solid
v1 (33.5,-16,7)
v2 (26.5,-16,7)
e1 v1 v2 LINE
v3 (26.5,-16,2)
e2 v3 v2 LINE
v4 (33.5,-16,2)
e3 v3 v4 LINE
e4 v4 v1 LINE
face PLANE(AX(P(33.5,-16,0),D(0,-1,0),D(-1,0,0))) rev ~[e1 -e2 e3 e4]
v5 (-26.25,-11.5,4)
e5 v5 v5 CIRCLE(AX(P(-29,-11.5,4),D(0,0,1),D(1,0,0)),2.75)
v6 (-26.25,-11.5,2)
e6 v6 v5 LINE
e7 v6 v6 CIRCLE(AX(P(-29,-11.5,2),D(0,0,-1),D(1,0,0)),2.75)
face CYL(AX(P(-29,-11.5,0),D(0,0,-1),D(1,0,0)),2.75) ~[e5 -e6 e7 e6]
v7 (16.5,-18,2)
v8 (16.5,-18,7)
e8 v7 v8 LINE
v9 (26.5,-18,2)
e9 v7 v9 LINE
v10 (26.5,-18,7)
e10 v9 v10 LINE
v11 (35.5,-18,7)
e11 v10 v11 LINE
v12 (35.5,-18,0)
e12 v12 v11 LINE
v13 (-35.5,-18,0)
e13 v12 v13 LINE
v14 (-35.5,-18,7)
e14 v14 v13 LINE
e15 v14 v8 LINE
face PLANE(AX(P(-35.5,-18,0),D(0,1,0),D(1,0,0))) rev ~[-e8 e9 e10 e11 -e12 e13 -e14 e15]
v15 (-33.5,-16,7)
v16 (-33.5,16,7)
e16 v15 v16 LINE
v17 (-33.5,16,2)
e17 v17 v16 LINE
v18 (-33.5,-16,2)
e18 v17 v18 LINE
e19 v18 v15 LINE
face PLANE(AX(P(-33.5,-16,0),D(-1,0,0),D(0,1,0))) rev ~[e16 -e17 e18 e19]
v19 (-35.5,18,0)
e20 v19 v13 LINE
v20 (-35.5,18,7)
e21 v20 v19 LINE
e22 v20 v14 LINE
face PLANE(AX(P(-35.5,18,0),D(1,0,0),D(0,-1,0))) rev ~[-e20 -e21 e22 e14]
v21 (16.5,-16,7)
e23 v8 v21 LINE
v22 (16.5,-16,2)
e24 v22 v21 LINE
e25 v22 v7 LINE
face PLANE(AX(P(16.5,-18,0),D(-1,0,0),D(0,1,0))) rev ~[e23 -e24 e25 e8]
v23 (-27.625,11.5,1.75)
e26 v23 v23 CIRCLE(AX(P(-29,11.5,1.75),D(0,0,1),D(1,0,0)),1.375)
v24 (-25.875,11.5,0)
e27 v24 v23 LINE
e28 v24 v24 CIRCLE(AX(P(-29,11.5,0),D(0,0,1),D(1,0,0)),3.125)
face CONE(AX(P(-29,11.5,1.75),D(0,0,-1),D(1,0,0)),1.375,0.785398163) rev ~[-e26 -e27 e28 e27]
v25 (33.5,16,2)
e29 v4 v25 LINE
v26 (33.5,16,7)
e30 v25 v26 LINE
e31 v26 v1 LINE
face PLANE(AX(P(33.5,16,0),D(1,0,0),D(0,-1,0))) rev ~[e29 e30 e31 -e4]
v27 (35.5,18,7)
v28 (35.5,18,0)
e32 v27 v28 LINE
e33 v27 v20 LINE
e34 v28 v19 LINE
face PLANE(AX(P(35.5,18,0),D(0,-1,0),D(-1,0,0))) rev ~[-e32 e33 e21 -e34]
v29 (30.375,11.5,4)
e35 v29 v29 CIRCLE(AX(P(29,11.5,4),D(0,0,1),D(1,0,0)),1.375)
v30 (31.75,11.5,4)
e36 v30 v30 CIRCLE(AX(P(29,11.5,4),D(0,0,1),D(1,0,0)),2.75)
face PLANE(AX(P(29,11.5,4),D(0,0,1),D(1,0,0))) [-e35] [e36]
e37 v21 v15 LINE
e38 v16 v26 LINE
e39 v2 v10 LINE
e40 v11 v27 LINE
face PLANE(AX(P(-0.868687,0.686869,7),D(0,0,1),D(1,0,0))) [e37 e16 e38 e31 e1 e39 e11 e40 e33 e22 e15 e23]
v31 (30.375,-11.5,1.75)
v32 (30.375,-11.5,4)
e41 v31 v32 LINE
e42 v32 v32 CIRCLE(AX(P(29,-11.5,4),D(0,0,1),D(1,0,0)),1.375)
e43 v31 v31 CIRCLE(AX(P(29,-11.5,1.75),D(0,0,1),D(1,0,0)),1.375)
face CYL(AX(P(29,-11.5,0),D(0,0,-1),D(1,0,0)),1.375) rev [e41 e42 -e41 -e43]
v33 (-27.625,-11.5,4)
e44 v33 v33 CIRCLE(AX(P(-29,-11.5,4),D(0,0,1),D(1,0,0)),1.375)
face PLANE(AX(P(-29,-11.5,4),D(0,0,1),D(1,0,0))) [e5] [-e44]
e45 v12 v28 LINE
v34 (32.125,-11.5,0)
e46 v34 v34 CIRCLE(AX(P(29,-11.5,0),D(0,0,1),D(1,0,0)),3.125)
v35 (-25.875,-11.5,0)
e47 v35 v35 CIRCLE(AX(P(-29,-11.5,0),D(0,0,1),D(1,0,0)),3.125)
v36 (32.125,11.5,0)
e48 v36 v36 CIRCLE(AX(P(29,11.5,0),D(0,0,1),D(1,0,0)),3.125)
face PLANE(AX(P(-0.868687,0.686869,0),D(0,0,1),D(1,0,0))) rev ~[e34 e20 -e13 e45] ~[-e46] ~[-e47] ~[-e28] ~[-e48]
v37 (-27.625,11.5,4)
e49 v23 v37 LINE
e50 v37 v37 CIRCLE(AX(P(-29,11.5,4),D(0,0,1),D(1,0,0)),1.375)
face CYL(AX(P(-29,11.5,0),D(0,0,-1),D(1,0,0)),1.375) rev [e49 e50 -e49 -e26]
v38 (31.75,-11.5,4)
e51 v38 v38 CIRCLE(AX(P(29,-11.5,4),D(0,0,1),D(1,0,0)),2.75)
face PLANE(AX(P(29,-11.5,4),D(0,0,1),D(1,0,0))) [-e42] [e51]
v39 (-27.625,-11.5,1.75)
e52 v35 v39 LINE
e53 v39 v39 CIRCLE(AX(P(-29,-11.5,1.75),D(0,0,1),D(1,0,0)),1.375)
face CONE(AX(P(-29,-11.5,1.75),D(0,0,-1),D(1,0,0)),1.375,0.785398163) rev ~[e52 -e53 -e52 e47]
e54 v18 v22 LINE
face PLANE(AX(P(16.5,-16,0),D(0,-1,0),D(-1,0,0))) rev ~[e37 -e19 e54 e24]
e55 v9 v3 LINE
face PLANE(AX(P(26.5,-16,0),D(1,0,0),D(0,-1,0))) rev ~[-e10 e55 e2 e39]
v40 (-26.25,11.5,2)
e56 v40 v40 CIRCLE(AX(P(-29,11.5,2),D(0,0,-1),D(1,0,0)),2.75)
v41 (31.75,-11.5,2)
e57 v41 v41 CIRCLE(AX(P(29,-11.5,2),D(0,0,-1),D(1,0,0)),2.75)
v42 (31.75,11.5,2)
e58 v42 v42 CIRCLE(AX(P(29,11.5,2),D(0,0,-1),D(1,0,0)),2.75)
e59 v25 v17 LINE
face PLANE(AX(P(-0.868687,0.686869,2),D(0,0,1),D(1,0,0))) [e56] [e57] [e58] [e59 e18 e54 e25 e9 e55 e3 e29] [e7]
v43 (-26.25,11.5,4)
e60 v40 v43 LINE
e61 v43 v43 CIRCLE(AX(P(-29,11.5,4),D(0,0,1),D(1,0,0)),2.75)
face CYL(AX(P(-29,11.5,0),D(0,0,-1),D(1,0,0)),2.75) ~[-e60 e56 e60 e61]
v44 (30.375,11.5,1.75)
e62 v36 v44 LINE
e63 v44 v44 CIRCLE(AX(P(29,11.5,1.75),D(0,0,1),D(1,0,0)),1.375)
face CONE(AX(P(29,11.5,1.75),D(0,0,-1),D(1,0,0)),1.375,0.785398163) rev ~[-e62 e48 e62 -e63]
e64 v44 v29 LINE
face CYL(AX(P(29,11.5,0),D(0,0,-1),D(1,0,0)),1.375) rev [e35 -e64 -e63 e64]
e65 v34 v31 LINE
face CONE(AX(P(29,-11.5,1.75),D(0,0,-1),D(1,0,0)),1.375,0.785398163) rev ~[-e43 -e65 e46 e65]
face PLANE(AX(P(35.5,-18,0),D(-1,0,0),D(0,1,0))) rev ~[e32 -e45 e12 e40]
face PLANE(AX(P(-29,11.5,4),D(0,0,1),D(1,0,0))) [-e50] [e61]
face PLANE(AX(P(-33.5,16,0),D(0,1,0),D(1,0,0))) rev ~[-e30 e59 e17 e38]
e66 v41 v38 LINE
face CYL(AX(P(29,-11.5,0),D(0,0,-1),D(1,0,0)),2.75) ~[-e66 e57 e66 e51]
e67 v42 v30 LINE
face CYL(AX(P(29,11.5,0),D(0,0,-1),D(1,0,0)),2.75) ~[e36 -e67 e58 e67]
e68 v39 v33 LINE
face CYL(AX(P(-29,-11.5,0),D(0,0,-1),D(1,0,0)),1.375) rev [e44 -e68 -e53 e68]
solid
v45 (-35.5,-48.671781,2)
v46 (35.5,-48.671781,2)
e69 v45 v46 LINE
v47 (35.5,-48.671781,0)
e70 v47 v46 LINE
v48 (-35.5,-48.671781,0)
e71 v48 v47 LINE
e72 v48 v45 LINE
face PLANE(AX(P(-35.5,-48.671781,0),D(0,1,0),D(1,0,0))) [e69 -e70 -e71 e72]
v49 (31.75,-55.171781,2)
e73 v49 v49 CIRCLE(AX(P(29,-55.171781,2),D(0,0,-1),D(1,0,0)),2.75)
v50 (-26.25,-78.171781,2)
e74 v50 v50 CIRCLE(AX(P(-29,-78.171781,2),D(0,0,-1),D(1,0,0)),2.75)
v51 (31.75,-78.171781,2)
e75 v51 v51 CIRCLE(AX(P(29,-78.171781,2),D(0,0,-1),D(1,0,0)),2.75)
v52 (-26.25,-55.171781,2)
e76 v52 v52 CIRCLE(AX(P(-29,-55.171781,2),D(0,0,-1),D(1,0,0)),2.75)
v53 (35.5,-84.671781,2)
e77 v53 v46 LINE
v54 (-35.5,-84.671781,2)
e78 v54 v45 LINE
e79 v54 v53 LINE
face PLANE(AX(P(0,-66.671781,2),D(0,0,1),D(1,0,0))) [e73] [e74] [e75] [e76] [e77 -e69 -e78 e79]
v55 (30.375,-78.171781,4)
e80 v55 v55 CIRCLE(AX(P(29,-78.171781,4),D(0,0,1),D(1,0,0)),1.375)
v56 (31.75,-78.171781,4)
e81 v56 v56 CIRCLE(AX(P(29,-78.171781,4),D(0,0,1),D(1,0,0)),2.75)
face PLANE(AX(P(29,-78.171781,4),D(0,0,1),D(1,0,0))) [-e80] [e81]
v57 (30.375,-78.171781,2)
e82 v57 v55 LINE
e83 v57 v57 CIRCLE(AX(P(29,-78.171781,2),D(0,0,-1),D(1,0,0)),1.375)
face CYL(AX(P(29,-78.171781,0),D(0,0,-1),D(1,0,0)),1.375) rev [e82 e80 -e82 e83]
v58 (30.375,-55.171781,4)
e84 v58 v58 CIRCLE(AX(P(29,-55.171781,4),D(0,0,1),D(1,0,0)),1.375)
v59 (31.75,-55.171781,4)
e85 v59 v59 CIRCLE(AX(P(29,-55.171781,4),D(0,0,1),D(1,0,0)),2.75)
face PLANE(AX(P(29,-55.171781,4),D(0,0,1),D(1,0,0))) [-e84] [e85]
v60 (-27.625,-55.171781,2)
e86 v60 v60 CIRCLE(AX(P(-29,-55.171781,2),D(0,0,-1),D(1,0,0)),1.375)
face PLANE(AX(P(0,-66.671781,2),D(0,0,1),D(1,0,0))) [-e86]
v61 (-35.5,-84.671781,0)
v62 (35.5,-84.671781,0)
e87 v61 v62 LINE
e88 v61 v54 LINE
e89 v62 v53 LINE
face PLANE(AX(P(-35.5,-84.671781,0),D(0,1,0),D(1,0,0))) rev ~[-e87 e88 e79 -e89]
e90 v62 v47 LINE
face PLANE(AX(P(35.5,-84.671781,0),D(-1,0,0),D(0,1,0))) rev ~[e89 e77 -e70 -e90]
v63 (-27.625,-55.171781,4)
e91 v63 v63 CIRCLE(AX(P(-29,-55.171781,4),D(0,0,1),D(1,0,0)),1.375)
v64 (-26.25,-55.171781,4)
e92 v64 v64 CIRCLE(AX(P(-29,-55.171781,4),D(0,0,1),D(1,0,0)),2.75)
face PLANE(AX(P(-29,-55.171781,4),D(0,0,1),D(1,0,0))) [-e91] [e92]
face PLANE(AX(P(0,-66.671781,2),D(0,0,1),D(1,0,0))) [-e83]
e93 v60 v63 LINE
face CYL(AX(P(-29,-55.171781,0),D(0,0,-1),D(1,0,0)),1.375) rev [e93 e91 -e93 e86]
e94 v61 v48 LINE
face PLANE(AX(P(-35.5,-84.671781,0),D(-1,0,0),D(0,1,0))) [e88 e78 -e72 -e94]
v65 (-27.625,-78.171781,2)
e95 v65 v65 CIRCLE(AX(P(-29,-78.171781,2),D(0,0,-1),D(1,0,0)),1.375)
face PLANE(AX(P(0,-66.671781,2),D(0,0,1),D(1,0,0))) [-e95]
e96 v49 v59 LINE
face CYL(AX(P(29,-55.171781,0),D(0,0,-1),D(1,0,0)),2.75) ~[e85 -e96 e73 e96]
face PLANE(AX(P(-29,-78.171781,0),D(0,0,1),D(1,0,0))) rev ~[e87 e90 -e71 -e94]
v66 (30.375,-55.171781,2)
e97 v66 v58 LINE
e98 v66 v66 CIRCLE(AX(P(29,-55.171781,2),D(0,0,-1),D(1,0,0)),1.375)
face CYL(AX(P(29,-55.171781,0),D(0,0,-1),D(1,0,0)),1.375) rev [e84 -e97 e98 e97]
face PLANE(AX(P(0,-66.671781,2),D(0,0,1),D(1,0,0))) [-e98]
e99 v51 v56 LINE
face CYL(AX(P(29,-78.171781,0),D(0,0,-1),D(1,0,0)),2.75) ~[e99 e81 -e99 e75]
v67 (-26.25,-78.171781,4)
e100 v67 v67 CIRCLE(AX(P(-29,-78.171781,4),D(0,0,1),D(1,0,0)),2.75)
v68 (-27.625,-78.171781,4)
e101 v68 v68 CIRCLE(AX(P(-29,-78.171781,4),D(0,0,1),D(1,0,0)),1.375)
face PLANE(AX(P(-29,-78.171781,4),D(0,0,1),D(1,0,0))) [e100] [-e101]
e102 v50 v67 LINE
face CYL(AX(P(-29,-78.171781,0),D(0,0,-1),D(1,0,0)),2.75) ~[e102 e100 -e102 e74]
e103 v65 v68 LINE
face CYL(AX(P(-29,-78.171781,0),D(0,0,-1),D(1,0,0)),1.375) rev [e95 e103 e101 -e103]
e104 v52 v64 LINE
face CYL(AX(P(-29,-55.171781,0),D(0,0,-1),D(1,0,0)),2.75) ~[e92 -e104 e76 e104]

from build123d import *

# Parameters (mm, degrees)
F0_R     = 2.75
F0_R_2   = 1.375
F0_W     = 10
F0_H     = 2
F1_DEPTH = 2
F2_DEPTH = 4
F3_DEPTH = 7
F4_SIZE  = 1.75
F5_W     = 71
F5_H     = 36
F5_R     = 2.75
F5_R_2   = 1.375
F6_DEPTH = 2
F7_DEPTH = 4


with BuildPart() as f1:
    # F0 (on Top) → F1 (new body)
    with BuildSketch(Plane.XY):
        Polygon((33.5, -16), (26.5, -16), (26.5, -18), (35.5, -18), (35.5, 18), (-35.5, 18), (-35.5, -18), (16.5, -18), (16.5, -16), (-33.5, -16), (-33.5, 16), (33.5, 16), align=None)
        Polygon((-32.5, 15), (32.5, 15), (32.5, -15), (26.5, -15), (26.5, -16), (33.5, -16), (33.5, 16), (-33.5, 16), (-33.5, -16), (16.5, -16), (16.5, -15), (-32.5, -15), align=None)
        Polygon((32.5, -15), (32.5, 15), (-32.5, 15), (-32.5, -15), (16.5, -15), (21.5, -15), (26.5, -15), align=None)
        with Locations((-29, -11.5)):
            Circle(F0_R, mode=Mode.SUBTRACT)
        with Locations((29, -11.5)):
            Circle(F0_R, mode=Mode.SUBTRACT)
        with Locations((-29, 11.5)):
            Circle(F0_R, mode=Mode.SUBTRACT)
        with Locations((29, 11.5)):
            Circle(F0_R, mode=Mode.SUBTRACT)
        with Locations((-29, 11.5)):
            Circle(F0_R)
        with Locations((-29, 11.5)):
            Circle(F0_R_2, mode=Mode.SUBTRACT)
        with Locations((-29, -11.5)):
            Circle(F0_R)
        with Locations((-29, -11.5)):
            Circle(F0_R_2, mode=Mode.SUBTRACT)
        with Locations((29, 11.5)):
            Circle(F0_R)
        with Locations((29, 11.5)):
            Circle(F0_R_2, mode=Mode.SUBTRACT)
        with Locations((29, -11.5)):
            Circle(F0_R)
        with Locations((29, -11.5)):
            Circle(F0_R_2, mode=Mode.SUBTRACT)
        with Locations((21.5, -17)):
            Rectangle(F0_W, F0_H)
        Polygon((26.5, -16), (26.5, -15), (21.5, -15), (16.5, -15), (16.5, -16), align=None)
    extrude(amount=F1_DEPTH)

    # F0 (on Top) → F2 (join)
    with BuildSketch(Plane.XY):
        with Locations((-29, -11.5)):
            Circle(F0_R)
        with Locations((-29, -11.5)):
            Circle(F0_R_2, mode=Mode.SUBTRACT)
        with Locations((29, -11.5)):
            Circle(F0_R)
        with Locations((29, -11.5)):
            Circle(F0_R_2, mode=Mode.SUBTRACT)
        with Locations((29, 11.5)):
            Circle(F0_R)
        with Locations((29, 11.5)):
            Circle(F0_R_2, mode=Mode.SUBTRACT)
        with Locations((-29, 11.5)):
            Circle(F0_R)
        with Locations((-29, 11.5)):
            Circle(F0_R_2, mode=Mode.SUBTRACT)
    extrude(amount=F2_DEPTH)

    # F0 (on Top) → F3 (join)
    with BuildSketch(Plane.XY):
        Polygon((33.5, -16), (26.5, -16), (26.5, -18), (35.5, -18), (35.5, 18), (-35.5, 18), (-35.5, -18), (16.5, -18), (16.5, -16), (-33.5, -16), (-33.5, 16), (33.5, 16), align=None)
    extrude(amount=F3_DEPTH)

    # F4
    f4_edges = [f1.edges().sort_by_distance(p)[0] for p in [
        (27.625, -11.5, 0),
        (27.625, 11.5, 0),
        (-30.375, 11.5, 0),
        (-30.375, -11.5, 0),
    ]]
    chamfer(f4_edges, length=F4_SIZE)


with BuildPart() as f6:
    # F5 (on Top) → F6 (new body)
    with BuildSketch(Plane.XY):
        with Locations((0, -66.6717812419)):
            Rectangle(F5_W, F5_H)
        with Locations((-29, -78.1717812419)):
            Circle(F5_R, mode=Mode.SUBTRACT)
        with Locations((29, -78.1717812419)):
            Circle(F5_R, mode=Mode.SUBTRACT)
        with Locations((-29, -55.1717812419)):
            Circle(F5_R, mode=Mode.SUBTRACT)
        with Locations((29, -55.1717812419)):
            Circle(F5_R, mode=Mode.SUBTRACT)
        with Locations((-29, -55.1717812419)):
            Circle(F5_R)
        with Locations((-29, -55.1717812419)):
            Circle(F5_R_2, mode=Mode.SUBTRACT)
        with Locations((-29, -78.1717812419)):
            Circle(F5_R)
        with Locations((-29, -78.1717812419)):
            Circle(F5_R_2, mode=Mode.SUBTRACT)
        with Locations((29, -78.1717812419)):
            Circle(F5_R)
        with Locations((29, -78.1717812419)):
            Circle(F5_R_2, mode=Mode.SUBTRACT)
        with Locations((29, -55.1717812419)):
            Circle(F5_R)
        with Locations((29, -55.1717812419)):
            Circle(F5_R_2, mode=Mode.SUBTRACT)
        with Locations((-29, -55.1717812419)):
            Circle(F5_R_2)
        with Locations((-29, -78.1717812419)):
            Circle(F5_R_2)
        with Locations((29, -78.1717812419)):
            Circle(F5_R_2)
        with Locations((29, -55.1717812419)):
            Circle(F5_R_2)
    extrude(amount=F6_DEPTH)

    # F5 (on Top) → F7 (join)
    with BuildSketch(Plane.XY):
        with Locations((-29, -78.1717812419)):
            Circle(F5_R)
        with Locations((-29, -78.1717812419)):
            Circle(F5_R_2, mode=Mode.SUBTRACT)
        with Locations((-29, -55.1717812419)):
            Circle(F5_R)
        with Locations((-29, -55.1717812419)):
            Circle(F5_R_2, mode=Mode.SUBTRACT)
        with Locations((29, -78.1717812419)):
            Circle(F5_R)
        with Locations((29, -78.1717812419)):
            Circle(F5_R_2, mode=Mode.SUBTRACT)
        with Locations((29, -55.1717812419)):
            Circle(F5_R)
        with Locations((29, -55.1717812419)):
            Circle(F5_R_2, mode=Mode.SUBTRACT)
    extrude(amount=F7_DEPTH)


solid = Compound([f1.part, f6.part])
